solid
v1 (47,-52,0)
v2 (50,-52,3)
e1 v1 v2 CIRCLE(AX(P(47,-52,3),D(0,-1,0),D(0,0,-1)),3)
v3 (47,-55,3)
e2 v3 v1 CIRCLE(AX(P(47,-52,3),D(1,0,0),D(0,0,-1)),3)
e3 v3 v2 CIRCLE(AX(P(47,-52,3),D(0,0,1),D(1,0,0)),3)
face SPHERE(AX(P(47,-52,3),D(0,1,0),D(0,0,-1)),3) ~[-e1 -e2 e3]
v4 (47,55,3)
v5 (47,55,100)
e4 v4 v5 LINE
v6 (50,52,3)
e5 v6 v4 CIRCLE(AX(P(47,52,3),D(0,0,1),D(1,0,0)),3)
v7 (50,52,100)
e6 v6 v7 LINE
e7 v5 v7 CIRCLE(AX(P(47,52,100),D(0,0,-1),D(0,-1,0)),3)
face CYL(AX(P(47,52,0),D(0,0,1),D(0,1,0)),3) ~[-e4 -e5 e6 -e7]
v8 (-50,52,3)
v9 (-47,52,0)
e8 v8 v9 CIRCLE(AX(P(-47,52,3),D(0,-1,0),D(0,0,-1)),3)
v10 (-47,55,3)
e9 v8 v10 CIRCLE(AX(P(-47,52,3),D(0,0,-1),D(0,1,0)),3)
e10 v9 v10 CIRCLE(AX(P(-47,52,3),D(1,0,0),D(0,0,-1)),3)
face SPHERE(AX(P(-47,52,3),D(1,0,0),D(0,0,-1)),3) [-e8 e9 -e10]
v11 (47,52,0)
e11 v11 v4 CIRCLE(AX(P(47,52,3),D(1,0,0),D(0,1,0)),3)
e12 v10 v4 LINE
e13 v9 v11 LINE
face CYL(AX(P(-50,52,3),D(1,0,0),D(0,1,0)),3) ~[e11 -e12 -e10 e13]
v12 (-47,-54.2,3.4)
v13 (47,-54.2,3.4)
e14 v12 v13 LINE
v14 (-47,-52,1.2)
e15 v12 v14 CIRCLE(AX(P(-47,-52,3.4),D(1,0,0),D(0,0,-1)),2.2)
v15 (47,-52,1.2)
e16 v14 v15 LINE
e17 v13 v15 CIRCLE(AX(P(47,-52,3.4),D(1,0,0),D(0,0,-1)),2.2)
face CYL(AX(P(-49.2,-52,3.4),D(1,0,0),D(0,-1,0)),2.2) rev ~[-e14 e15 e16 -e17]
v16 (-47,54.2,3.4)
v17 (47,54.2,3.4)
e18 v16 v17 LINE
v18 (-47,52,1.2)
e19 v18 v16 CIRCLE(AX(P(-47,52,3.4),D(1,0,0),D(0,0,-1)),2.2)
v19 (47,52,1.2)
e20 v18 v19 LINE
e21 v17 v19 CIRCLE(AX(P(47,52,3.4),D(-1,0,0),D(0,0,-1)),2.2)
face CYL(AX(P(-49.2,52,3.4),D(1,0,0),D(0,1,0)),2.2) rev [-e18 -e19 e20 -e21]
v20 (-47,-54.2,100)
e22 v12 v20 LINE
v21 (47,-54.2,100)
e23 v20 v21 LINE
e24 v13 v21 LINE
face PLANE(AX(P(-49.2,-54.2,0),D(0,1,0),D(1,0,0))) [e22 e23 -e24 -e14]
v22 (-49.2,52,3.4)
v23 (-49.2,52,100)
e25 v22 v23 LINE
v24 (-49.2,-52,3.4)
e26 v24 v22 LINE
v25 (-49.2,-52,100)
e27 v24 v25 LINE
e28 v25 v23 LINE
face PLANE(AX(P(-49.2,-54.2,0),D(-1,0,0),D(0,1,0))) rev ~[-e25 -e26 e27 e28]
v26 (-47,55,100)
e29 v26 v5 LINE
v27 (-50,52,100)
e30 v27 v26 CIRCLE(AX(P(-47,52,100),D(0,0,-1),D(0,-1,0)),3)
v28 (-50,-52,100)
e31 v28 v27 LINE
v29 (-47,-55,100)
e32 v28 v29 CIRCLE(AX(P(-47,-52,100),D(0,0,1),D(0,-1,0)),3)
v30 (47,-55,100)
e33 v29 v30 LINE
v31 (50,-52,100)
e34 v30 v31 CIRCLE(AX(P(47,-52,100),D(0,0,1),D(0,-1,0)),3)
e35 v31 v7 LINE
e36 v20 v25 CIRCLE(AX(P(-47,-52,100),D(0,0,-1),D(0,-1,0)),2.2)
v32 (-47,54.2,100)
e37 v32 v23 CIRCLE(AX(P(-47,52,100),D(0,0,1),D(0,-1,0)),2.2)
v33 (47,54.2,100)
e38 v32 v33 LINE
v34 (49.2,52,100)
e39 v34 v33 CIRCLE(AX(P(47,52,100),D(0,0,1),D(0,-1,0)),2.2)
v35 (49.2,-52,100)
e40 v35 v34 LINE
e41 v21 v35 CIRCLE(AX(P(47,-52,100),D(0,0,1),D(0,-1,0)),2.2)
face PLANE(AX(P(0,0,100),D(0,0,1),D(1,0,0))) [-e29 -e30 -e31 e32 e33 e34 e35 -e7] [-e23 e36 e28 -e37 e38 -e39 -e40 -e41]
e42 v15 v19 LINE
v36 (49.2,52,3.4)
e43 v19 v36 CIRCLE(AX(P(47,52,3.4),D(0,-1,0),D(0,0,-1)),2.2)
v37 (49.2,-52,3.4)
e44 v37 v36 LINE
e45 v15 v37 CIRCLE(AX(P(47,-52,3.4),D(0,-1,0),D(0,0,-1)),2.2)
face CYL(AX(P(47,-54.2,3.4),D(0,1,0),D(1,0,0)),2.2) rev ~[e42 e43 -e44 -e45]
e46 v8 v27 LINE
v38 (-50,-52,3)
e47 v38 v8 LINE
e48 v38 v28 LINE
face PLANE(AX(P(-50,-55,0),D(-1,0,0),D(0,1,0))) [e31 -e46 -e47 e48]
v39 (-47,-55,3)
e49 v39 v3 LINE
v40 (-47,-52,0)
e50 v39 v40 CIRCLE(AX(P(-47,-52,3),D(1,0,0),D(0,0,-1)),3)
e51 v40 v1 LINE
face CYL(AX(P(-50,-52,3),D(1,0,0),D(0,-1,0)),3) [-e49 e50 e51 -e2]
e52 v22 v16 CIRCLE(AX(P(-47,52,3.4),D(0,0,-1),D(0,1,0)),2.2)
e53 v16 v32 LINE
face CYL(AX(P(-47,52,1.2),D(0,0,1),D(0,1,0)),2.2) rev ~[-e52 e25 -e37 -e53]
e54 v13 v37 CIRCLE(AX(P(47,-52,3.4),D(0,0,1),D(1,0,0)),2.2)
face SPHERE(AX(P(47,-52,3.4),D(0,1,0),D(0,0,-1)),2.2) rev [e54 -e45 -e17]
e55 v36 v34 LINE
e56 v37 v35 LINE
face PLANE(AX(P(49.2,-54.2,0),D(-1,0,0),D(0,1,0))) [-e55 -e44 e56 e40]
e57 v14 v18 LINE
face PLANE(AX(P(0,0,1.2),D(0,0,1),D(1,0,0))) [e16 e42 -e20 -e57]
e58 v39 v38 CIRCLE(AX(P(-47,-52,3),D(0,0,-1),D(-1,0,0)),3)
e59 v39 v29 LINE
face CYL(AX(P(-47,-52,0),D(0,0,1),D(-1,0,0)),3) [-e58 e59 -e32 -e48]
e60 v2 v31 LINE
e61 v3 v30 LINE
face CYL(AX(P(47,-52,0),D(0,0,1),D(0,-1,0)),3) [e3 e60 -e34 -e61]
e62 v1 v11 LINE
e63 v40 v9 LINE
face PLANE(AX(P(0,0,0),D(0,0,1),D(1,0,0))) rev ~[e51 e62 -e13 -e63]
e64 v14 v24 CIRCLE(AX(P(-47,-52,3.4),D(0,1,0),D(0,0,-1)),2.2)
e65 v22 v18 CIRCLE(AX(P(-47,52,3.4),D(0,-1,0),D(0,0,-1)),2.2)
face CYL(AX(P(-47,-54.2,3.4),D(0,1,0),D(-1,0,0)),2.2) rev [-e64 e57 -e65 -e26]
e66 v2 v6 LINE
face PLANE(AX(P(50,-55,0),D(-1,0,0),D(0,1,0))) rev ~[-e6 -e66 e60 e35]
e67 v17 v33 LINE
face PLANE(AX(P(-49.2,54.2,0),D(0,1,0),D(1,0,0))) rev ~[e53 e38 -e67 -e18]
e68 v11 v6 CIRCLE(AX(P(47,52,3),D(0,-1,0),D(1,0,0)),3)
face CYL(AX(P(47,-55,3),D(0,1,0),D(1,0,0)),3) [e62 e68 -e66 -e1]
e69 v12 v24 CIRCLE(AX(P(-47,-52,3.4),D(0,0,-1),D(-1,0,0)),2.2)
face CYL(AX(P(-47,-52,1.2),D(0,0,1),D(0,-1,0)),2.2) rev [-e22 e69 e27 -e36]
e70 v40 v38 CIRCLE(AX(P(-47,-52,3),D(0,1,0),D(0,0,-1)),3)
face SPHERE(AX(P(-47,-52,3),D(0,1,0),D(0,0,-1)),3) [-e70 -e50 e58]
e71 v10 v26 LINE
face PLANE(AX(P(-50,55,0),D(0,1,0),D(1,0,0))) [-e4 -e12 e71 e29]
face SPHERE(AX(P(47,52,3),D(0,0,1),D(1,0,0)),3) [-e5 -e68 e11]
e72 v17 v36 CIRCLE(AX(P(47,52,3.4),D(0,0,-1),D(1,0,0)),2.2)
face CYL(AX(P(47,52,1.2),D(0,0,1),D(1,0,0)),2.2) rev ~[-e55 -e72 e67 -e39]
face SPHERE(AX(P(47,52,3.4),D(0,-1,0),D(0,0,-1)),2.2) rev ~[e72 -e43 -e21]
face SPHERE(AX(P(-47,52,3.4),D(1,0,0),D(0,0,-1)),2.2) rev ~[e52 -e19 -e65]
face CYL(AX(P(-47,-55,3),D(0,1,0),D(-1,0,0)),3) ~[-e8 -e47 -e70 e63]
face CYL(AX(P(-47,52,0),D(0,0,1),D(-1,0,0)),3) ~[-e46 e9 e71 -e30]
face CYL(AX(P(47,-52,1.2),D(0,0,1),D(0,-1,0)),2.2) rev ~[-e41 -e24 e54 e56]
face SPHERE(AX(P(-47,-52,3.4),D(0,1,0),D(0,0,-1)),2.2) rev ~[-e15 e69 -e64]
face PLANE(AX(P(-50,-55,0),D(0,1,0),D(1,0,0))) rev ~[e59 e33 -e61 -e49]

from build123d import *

# Parameters (mm, degrees)
F0_W     = 98.4
F0_H     = 108.4
F1_DEPTH = 1.2
F0_W_2   = 100
F0_H_2   = 110
F2_DEPTH = 100
F3_R     = 2.2
F4_R     = 3


with BuildPart() as f1:
    # F0 (on Top) → F1 (new body)
    with BuildSketch(Plane.XY):
        Rectangle(F0_W, F0_H)
    extrude(amount=F1_DEPTH)

    # F0 (on Top) → F2 (join)
    with BuildSketch(Plane.XY):
        Rectangle(F0_W_2, F0_H_2)
        Rectangle(F0_W, F0_H, mode=Mode.SUBTRACT)
    extrude(amount=F2_DEPTH)

    # F3
    f3_edges = [f1.edges().sort_by_distance(p)[0] for p in [
        (49.2, 0, 1.2),
        (0, 54.2, 1.2),
        (-49.2, 0, 1.2),
        (0, -54.2, 1.2),
        (-49.2, 54.2, 50.6),
        (-49.2, -54.2, 50.6),
        (49.2, -54.2, 50.6),
        (49.2, 54.2, 50.6),
    ]]
    fillet(f3_edges, radius=F3_R)

    # F4
    f4_edges = [f1.edges().sort_by_distance(p)[0] for p in [
        (50, 55, 50),
        (50, 0, 0),
        (0, 55, 0),
        (-50, 0, 0),
        (0, -55, 0),
        (-50, 55, 50),
        (-50, -55, 50),
        (50, -55, 50),
    ]]
    fillet(f4_edges, radius=F4_R)


solid = f1.part
